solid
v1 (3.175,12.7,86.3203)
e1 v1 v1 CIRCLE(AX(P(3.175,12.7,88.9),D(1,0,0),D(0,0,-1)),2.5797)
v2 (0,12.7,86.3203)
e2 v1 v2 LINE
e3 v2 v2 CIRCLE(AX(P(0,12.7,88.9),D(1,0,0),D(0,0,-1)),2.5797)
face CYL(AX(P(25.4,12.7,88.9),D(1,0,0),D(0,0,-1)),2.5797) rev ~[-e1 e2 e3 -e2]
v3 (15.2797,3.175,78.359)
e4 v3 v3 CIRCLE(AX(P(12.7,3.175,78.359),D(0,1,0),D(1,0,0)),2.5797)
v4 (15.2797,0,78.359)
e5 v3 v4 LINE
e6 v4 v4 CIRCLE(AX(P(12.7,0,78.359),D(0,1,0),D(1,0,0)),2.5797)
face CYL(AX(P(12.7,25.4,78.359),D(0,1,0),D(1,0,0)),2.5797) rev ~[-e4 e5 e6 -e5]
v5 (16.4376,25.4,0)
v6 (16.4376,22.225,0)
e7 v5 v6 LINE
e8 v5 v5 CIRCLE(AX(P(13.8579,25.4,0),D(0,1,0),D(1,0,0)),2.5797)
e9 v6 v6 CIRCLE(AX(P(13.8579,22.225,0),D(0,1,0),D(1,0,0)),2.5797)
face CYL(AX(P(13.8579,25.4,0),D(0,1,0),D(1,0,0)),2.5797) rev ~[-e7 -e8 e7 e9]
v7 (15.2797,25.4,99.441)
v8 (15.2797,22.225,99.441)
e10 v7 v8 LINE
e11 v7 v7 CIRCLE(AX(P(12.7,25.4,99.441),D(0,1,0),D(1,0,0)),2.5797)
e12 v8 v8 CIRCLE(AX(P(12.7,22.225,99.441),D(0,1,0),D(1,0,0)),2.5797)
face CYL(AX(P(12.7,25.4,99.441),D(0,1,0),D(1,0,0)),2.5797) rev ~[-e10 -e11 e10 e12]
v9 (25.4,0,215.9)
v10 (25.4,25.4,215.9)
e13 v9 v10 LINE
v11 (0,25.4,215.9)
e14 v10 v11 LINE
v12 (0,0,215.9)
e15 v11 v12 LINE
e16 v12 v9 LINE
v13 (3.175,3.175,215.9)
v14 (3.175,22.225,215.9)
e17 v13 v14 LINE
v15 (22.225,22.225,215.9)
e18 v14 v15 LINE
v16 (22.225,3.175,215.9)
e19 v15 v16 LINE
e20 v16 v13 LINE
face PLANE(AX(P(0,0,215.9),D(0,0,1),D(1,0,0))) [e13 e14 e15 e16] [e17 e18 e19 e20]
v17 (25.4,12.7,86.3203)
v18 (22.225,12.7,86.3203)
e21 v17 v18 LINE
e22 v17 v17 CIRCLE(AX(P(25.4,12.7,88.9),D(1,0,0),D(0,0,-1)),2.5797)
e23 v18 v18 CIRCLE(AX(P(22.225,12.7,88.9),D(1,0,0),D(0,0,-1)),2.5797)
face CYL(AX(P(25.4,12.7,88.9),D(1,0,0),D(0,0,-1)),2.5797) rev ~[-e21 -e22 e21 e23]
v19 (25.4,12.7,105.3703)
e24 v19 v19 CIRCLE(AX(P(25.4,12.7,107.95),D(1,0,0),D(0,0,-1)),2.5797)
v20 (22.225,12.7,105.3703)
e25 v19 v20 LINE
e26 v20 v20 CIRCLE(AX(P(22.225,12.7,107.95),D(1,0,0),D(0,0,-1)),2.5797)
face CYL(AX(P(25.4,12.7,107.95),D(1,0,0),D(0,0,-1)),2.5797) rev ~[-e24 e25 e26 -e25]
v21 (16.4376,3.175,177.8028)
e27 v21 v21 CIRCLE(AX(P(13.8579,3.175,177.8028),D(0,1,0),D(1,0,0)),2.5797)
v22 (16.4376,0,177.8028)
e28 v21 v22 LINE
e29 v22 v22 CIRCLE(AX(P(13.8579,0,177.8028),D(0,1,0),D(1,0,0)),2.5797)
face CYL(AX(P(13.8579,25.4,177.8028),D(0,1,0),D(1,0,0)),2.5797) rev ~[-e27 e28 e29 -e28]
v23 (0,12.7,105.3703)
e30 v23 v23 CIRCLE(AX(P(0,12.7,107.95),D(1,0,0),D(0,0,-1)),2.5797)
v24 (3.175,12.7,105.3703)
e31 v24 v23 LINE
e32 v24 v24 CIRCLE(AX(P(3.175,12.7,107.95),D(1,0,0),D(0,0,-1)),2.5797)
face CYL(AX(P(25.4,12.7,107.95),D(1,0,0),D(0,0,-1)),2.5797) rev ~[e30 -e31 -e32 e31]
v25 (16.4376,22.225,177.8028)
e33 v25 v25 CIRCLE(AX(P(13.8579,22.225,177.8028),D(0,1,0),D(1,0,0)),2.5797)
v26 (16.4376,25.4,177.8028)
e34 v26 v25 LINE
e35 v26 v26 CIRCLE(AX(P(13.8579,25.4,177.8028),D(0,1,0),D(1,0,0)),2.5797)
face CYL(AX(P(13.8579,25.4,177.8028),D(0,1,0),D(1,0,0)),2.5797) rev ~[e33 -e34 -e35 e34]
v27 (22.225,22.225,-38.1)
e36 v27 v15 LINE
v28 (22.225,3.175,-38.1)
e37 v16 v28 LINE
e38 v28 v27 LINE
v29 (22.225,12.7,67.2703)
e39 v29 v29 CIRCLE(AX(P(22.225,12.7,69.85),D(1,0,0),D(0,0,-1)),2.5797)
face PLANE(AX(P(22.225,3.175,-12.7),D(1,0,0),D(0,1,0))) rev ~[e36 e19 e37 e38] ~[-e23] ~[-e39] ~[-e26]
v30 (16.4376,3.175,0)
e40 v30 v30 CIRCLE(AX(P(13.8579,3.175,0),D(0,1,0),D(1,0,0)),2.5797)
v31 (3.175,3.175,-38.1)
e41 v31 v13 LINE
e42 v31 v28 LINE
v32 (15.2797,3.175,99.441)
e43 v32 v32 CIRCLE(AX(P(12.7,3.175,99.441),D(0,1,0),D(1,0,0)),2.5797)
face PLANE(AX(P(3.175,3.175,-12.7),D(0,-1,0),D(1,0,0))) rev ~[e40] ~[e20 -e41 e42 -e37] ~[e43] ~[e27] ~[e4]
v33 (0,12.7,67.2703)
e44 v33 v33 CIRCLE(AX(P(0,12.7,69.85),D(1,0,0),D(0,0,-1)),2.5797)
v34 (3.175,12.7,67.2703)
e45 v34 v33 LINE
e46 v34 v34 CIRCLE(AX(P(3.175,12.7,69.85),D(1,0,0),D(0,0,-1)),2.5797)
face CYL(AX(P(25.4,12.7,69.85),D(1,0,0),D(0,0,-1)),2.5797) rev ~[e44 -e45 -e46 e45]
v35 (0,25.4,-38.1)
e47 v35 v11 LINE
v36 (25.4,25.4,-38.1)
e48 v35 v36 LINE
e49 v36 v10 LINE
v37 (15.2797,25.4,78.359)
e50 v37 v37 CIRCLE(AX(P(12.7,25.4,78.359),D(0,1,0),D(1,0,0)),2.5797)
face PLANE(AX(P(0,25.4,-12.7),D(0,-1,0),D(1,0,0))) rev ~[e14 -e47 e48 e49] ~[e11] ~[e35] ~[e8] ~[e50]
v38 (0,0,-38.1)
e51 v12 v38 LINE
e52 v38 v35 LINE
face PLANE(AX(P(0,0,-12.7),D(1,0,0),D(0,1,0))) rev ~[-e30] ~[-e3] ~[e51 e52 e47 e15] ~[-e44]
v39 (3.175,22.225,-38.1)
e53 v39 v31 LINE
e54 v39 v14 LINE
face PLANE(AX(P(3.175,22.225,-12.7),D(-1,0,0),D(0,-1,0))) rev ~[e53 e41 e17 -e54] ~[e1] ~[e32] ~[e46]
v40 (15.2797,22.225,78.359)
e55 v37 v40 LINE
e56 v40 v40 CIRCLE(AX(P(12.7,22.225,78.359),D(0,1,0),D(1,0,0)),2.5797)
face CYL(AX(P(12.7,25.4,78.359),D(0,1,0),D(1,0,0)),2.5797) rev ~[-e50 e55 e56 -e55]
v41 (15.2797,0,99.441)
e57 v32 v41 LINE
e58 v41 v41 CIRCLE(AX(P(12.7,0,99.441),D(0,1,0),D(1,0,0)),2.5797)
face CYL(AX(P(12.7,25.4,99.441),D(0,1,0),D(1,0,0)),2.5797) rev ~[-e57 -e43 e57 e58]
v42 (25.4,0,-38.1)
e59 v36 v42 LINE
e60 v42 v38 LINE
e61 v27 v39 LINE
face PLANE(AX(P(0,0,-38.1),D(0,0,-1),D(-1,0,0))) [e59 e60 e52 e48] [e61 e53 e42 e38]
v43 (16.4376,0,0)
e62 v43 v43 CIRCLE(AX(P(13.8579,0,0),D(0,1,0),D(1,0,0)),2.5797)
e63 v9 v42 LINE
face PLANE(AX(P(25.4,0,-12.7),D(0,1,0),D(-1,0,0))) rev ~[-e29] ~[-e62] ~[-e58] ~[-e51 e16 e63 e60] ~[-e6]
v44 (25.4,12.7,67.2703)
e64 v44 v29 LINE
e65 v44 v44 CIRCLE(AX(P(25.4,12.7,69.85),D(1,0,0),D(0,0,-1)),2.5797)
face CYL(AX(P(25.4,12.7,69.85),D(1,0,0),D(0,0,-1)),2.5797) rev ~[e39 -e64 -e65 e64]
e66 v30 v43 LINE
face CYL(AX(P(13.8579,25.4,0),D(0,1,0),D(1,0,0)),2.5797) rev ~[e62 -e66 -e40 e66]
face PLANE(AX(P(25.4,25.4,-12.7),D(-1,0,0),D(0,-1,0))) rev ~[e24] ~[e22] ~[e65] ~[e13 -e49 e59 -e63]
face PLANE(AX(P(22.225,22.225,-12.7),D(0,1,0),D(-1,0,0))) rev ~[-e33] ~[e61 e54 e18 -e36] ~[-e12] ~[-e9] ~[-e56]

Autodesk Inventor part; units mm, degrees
ref_plane "YZ Plane" through (0, 0, 0) normal (1, 0, 0) x (0, 1, 0)
ref_plane "XZ Plane" through (0, 0, 0) normal (0, 1, 0) x (-1, 0, 0)
ref_plane "XY Plane" through (0, 0, 0) normal (0, 0, 1) x (1, 0, 0)
sketch "Sketch1" plane through (0, 0, 0) normal (0, 0, 1) x (1, 0, 0)
  line L0 (0, 0) -> (25.4, 0)
  line L1 (25.4, 0) -> (25.4, 25.4)
  line L2 (25.4, 25.4) -> (0, 25.4)
  line L3 (0, 25.4) -> (0, 0)
  line L4 (3.175, 22.225) -> (22.225, 22.225)
  line L5 (22.225, 22.225) -> (22.225, 3.175)
  line L6 (22.225, 3.175) -> (3.175, 3.175)
  line L7 (3.175, 3.175) -> (3.175, 22.225)
  dimension "d0" = 25.4
  dimension "d1" = 25.4
  dimension "d2" = 3.175
extrude "Extrusion1" add sketch "Sketch1" along normal blind 190.5 and the other way blind 12.7
sketch "Sketch2" plane through (0, 25.4, -12.7) normal (0, 1, 0) x (1, 0, 0)
  line L0 (13.8579, 0) -> (13.8579, -12.7) construction
  line L1 (13.8579, -203.2028) -> (13.8579, -190.5028) construction
  circle A0 centre (13.8579, -190.5028) radius 2.5797
  circle A1 centre (13.8579, -12.7) radius 2.5797
  point P0 (0, -12.7)
  dimension "d6" = 12.7
  dimension "d7" = 12.7
  dimension "d8" = 5.1594
  dimension "d9" = 5.1594
extrude "Extrusion2" cut sketch "Sketch2" against normal blind 152.4
sketch "Sketch3" plane through (0, 0, 190.5) normal (0, 0, 1) x (1, 0, 0)
  line L0 (3.175, 3.175) -> (3.175, 22.225) projected
  line L1 (22.225, 22.225) -> (22.225, 3.175) projected
  line L2 (22.225, 3.175) -> (3.175, 3.175) projected
  line L3 (3.175, 3.175) -> (3.175, 22.225) projected
  line L4 (3.175, 22.225) -> (22.225, 22.225) projected
  line L5 (0, 0) -> (25.4, 0) projected
  line L6 (25.4, 0) -> (25.4, 25.4) projected
  line L7 (25.4, 25.4) -> (0, 25.4) projected
  line L8 (0, 25.4) -> (0, 0) projected
extrude "Extrusion3" add sketch "Sketch3" along normal blind 25.4
sketch "Sketch4" plane through (0, 0, -12.7) normal (0, 0, -1) x (-1, 0, 0)
  line L0 (-22.225, 3.175) -> (-22.225, 22.225) projected
  line L1 (-22.225, 22.225) -> (-3.175, 22.225) projected
  line L2 (-3.175, 22.225) -> (-3.175, 3.175) projected
  line L3 (-3.175, 3.175) -> (-22.225, 3.175) projected
  line L4 (-25.4, 0) -> (0, 0) projected
  line L5 (0, 0) -> (0, 25.4) projected
  line L6 (0, 25.4) -> (-25.4, 25.4) projected
  line L7 (-25.4, 25.4) -> (-25.4, 0) projected
extrude "Extrusion4" add sketch "Sketch4" along normal blind 25.4
sketch "Sketch5" plane through (0, 25.4, 215.9) normal (0, 1, 0) x (1, 0, 0)
  line L0 (3.175, 0) -> (22.225, 0) construction
  line L1 (12.7, 0) -> (12.7, 116.459) construction
  line L2 (22.225, 254) -> (3.175, 254) construction
  line L3 (12.7, 254) -> (12.7, 137.541) construction
  circle A0 centre (12.7, 137.541) radius 2.5797
  circle A1 centre (12.7, 116.459) radius 2.5797
  point P0 (0, 215.9)
  dimension "d18" = 116.459
  dimension "d19" = 116.459
  dimension "d20" = 5.1594
  dimension "d21" = 5.1594
extrude "Extrusion5" cut sketch "Sketch5" against normal blind 50.8
sketch "Sketch6" plane through (25.4, 0, 215.9) normal (1, 0, 0) x (0, 0, -1)
  line L0 (254, 25.4) -> (0, 25.4) construction
  line L1 (127, 25.4) -> (127, 12.7) construction
  line L2 (127, 12.7) -> (146.05, 12.7) construction
  line L3 (127, 12.7) -> (107.95, 12.7) construction
  circle A0 centre (127, 12.7) radius 2.5797
  circle A1 centre (146.05, 12.7) radius 2.5797
  circle A2 centre (107.95, 12.7) radius 2.5797
  point P0 (215.9, 0)
  dimension "d24" = 12.7
  dimension "d25" = 19.05
  dimension "d26" = 19.05
  dimension "d27" = 5.1594
  dimension "d28" = 5.1594
  dimension "d29" = 5.1594
extrude "Extrusion6" cut sketch "Sketch6" against normal blind 25.4
properties part number "base mount"
